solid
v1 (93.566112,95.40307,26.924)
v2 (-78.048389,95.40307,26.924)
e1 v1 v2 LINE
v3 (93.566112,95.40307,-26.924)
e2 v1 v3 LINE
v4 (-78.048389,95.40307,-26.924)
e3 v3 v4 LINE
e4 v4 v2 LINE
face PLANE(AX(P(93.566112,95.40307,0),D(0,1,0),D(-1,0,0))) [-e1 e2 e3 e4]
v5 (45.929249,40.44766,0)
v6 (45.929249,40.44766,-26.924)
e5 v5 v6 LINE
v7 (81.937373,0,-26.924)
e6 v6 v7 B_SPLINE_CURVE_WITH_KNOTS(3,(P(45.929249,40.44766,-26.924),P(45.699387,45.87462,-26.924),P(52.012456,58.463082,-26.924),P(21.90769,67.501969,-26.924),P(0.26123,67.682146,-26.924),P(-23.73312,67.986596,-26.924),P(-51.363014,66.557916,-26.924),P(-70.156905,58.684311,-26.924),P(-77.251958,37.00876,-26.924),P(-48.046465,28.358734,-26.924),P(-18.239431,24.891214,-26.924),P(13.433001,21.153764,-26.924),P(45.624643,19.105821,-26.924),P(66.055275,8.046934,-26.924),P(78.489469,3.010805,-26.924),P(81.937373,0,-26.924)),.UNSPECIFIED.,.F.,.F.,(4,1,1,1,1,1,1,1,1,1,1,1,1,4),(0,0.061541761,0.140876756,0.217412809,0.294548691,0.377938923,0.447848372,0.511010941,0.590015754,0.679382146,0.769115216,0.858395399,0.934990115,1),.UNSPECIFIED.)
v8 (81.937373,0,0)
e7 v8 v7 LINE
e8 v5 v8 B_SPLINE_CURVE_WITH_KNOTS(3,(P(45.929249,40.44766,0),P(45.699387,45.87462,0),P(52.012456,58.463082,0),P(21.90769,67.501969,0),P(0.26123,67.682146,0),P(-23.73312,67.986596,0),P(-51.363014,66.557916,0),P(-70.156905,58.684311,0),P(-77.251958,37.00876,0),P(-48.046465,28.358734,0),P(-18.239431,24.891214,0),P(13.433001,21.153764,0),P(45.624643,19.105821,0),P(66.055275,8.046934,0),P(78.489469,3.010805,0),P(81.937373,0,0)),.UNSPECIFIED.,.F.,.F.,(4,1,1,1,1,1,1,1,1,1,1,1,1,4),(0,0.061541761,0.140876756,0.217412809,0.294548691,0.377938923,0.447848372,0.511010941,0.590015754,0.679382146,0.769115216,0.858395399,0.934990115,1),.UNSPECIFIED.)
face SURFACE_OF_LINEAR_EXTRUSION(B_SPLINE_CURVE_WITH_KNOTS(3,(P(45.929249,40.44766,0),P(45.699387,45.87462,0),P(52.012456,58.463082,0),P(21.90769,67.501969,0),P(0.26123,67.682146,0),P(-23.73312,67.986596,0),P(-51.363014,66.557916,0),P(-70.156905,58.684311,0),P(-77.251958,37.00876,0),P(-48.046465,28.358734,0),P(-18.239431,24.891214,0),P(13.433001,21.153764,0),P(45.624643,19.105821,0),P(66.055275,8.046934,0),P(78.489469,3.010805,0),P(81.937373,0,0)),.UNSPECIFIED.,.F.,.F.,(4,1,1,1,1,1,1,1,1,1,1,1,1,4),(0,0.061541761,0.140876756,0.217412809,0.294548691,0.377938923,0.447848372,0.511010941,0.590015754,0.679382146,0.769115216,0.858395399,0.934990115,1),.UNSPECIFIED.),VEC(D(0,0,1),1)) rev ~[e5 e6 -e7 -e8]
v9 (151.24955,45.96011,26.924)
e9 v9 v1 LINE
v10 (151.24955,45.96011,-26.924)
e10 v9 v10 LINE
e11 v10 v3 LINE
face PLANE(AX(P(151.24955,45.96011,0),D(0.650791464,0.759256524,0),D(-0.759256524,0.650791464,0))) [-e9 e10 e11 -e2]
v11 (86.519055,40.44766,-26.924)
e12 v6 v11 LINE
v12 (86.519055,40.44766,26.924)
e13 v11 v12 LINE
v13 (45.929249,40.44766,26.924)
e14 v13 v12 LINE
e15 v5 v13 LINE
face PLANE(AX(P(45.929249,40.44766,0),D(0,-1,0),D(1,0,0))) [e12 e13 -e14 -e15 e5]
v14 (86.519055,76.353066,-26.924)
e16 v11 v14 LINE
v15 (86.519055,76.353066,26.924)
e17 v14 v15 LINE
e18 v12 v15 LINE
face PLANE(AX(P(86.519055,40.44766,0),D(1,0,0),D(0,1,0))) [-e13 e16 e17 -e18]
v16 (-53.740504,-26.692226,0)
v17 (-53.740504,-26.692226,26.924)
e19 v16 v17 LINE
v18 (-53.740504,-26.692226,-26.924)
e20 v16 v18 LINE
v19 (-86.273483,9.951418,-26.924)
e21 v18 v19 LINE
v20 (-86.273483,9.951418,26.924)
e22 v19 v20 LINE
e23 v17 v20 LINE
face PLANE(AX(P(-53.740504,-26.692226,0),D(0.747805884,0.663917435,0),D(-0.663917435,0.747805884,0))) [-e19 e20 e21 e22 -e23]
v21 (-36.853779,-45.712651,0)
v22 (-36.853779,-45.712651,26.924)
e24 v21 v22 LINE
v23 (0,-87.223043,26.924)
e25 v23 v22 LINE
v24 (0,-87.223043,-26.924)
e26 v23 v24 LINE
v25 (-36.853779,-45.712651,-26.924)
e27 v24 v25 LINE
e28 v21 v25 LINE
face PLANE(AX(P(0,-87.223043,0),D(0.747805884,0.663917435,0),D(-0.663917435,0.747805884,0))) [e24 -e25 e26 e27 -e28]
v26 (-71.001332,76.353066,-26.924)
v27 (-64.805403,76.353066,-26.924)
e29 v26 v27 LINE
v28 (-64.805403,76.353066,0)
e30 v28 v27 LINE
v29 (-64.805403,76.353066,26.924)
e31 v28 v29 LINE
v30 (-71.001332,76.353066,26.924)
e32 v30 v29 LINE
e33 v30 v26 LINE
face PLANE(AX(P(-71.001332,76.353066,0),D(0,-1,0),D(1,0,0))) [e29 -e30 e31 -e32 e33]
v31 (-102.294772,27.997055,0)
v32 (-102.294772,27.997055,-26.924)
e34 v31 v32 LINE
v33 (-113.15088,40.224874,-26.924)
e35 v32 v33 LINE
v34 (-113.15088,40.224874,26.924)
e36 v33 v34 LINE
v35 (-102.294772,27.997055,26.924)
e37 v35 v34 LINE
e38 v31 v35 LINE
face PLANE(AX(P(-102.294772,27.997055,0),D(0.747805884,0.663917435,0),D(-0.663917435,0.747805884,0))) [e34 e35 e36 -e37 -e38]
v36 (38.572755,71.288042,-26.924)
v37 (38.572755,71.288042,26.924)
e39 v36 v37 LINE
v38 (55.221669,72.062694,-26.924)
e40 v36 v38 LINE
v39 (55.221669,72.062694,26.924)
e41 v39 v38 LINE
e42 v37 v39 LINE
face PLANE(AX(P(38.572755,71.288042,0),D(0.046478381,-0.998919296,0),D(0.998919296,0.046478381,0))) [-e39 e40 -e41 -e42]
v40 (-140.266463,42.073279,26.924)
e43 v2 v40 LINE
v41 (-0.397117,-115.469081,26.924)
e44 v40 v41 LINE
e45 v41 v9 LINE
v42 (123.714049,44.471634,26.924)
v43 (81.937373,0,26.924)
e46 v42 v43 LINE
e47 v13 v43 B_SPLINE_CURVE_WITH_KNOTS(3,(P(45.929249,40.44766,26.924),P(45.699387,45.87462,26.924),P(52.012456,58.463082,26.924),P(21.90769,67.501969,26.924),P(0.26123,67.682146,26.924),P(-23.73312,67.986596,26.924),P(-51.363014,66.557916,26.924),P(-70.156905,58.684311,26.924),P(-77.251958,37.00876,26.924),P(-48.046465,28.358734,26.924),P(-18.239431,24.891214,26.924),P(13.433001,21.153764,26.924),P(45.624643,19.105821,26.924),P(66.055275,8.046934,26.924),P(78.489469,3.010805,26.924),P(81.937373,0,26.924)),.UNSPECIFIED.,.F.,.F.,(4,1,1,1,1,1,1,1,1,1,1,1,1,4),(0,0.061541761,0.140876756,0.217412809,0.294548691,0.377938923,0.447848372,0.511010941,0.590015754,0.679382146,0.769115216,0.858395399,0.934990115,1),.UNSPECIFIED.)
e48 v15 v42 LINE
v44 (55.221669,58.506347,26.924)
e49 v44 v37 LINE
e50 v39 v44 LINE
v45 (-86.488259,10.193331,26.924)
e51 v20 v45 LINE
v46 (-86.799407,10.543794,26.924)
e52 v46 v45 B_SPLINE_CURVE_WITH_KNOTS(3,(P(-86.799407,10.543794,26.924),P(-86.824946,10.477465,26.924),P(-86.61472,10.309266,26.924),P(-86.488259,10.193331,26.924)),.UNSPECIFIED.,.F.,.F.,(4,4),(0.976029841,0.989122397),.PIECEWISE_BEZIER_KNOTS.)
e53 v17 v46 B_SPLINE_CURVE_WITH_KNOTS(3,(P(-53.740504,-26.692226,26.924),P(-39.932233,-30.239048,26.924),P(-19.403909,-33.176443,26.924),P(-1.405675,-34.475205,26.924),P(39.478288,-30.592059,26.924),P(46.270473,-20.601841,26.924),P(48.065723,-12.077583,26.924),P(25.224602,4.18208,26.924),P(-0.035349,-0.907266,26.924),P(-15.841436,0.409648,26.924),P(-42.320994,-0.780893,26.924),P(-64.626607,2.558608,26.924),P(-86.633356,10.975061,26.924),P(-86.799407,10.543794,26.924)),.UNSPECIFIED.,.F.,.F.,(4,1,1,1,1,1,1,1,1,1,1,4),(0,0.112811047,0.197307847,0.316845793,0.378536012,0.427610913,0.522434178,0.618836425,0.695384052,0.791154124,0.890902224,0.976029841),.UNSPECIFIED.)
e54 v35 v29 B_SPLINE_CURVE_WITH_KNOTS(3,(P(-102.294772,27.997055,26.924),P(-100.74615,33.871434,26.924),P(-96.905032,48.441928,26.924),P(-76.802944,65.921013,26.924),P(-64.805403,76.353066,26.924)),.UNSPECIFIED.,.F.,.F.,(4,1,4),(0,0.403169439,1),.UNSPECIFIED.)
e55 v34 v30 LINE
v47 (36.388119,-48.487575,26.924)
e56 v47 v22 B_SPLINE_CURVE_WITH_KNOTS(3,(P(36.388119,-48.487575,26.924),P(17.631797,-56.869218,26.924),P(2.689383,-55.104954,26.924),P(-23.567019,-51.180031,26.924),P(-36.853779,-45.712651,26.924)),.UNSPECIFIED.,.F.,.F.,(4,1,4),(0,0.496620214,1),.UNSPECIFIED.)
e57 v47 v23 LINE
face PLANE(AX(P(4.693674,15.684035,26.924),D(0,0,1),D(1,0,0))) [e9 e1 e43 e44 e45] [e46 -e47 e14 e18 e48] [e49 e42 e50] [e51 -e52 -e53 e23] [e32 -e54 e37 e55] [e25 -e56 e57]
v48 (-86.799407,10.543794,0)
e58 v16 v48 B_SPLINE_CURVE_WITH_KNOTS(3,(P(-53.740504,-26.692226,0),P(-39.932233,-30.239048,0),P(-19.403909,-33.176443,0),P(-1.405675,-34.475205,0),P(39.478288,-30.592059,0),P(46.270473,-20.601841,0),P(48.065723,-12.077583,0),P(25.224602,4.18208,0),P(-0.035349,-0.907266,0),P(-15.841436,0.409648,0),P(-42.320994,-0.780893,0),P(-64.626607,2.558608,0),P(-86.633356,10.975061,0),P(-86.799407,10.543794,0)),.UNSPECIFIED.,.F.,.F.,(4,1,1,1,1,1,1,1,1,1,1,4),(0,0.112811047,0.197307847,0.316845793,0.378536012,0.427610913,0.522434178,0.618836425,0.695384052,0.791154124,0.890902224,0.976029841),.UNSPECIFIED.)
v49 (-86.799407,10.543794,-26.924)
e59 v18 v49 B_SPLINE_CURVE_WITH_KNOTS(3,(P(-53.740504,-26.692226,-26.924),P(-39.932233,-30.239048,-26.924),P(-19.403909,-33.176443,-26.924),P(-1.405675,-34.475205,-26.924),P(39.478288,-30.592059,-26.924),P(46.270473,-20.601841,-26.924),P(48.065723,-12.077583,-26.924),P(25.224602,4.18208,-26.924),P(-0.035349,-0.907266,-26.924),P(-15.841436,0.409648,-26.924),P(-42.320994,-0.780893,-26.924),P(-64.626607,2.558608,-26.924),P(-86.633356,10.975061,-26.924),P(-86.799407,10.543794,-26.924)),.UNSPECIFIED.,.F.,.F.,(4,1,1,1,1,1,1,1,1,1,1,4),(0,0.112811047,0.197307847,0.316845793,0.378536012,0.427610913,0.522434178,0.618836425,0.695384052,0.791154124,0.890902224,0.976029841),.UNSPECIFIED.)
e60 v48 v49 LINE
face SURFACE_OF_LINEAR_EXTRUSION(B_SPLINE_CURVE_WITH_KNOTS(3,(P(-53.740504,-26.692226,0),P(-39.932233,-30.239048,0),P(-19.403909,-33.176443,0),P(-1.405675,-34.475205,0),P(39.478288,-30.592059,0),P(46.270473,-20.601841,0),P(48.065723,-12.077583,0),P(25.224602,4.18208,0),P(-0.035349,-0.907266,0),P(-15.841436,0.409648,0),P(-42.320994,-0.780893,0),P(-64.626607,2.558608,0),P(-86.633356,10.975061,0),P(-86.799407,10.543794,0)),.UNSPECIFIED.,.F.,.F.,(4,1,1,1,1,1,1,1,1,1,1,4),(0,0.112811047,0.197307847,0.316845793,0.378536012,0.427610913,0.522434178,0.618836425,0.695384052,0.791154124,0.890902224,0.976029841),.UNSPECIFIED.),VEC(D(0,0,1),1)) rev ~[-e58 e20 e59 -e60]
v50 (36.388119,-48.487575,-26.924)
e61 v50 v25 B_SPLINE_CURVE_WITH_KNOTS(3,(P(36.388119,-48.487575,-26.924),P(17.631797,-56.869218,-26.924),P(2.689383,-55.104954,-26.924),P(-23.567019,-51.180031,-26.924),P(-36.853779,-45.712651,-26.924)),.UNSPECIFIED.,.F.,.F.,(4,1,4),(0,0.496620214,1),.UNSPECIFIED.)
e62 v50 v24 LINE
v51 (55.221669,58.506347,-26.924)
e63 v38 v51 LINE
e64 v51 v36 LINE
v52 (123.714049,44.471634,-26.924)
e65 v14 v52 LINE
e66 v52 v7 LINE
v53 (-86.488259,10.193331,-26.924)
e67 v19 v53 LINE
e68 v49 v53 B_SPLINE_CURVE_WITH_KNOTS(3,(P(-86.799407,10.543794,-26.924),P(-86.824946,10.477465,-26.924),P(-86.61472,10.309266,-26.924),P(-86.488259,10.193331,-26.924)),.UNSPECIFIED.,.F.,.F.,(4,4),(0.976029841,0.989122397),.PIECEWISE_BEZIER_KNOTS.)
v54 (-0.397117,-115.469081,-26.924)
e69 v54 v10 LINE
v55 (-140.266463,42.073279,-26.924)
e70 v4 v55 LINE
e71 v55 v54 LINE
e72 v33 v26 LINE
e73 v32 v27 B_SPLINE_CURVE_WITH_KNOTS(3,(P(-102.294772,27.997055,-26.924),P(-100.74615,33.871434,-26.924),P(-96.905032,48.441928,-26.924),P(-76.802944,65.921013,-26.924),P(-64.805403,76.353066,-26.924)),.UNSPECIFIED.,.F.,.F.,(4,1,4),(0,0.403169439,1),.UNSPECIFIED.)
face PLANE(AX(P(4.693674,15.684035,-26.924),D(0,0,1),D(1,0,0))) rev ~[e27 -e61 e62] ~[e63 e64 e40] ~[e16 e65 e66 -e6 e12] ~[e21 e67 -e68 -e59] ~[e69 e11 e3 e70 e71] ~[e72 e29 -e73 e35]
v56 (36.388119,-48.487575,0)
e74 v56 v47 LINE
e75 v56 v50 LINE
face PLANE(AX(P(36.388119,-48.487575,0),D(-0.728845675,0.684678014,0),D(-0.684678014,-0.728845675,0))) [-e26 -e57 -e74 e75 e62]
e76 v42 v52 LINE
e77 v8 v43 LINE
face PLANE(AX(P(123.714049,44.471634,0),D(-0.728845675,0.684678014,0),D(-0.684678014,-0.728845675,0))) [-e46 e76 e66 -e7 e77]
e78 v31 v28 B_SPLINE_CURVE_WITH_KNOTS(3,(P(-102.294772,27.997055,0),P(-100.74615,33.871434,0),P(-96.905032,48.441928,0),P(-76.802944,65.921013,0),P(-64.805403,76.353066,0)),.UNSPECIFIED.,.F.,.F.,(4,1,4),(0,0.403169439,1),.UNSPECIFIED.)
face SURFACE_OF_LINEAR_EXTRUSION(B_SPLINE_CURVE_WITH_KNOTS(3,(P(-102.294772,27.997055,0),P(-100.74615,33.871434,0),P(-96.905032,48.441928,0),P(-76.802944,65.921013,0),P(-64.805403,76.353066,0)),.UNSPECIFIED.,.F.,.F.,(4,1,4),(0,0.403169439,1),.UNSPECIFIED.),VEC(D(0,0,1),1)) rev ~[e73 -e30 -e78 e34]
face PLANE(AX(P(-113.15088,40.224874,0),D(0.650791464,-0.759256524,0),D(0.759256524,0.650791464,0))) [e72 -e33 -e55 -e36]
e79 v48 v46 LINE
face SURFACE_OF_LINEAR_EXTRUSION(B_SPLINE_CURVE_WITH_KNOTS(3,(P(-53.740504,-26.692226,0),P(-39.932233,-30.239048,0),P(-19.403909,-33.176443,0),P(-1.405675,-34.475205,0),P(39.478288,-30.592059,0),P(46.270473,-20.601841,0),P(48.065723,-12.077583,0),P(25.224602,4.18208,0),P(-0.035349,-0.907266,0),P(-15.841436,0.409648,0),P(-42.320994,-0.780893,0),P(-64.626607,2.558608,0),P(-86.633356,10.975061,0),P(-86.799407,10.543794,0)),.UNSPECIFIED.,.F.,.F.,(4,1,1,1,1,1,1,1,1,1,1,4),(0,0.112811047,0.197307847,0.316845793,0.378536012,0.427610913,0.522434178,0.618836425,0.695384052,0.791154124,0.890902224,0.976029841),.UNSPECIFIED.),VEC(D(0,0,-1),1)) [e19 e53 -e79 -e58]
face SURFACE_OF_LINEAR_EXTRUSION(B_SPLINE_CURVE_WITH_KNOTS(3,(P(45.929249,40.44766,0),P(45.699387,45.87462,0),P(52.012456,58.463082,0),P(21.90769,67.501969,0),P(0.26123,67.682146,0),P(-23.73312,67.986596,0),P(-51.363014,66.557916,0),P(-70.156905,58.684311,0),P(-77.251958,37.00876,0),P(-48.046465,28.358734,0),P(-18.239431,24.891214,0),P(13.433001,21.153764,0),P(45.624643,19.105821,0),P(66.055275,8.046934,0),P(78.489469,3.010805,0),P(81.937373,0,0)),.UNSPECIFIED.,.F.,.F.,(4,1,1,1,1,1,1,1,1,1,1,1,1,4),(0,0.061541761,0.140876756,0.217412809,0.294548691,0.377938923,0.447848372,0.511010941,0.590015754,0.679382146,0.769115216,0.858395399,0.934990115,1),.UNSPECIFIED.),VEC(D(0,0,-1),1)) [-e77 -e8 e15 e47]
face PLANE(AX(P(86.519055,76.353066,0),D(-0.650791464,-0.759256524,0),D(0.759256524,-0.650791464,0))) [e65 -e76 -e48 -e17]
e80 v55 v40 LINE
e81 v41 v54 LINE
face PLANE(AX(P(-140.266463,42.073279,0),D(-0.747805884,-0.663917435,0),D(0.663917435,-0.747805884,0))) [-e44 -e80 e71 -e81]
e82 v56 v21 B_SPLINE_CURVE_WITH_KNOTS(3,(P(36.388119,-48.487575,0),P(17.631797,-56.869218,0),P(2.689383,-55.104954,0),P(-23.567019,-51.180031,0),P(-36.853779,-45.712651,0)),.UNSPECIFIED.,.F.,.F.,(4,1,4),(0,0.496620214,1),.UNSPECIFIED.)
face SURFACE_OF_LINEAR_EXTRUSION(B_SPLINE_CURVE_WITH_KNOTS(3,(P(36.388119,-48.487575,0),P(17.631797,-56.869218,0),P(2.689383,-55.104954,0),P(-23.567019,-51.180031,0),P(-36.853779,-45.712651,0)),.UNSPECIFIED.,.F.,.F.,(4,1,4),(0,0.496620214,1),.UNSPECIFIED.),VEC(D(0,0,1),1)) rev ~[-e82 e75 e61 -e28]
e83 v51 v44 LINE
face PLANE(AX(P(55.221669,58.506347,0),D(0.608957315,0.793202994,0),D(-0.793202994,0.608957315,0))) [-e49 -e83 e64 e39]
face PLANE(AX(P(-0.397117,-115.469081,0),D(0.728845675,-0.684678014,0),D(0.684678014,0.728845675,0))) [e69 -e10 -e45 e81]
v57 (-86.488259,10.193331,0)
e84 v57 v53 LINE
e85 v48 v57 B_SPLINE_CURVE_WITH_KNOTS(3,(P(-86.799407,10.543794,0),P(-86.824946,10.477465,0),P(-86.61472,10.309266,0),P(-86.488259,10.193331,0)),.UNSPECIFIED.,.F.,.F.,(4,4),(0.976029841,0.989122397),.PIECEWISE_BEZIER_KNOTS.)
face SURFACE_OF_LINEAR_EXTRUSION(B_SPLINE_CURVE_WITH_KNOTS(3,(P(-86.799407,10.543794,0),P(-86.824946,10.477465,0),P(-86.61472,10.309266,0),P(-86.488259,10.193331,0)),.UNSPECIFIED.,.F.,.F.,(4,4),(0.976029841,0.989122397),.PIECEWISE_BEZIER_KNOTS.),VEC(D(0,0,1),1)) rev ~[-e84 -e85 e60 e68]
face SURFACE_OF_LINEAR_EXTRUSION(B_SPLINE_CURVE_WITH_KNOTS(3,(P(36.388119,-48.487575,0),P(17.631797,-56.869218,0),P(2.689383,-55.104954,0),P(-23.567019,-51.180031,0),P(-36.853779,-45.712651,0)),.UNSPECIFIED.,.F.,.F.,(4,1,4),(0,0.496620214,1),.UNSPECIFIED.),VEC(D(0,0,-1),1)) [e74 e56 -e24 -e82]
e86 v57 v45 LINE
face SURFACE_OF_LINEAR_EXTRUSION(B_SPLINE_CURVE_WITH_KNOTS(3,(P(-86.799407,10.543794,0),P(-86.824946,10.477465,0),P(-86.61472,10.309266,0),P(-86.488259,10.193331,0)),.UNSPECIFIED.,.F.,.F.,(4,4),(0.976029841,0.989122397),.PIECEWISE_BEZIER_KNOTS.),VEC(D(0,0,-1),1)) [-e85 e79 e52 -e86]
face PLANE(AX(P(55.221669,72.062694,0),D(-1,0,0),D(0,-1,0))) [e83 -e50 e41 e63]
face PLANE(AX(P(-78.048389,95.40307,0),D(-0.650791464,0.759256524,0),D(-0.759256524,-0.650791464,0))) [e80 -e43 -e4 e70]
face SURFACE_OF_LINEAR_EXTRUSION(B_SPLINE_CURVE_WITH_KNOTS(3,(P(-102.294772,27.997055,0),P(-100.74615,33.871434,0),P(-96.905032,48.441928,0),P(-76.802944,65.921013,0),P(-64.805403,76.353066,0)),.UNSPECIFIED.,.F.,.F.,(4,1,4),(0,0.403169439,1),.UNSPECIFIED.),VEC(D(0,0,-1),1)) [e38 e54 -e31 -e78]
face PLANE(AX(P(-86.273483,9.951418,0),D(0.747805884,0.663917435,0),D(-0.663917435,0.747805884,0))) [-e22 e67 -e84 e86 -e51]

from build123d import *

# Parameters (mm, degrees)
F1_DEPTH = 26.924


with BuildPart() as f1:
    # F0 (on Top) → F1 (new body, symmetric)
    with BuildSketch(Plane.XY):
        Polygon((93.5661115235, 95.4030697423), (0, 95.4030697423), (-78.0483888792, 95.4030697423), (-140.2664630047, 42.0732789978), (-0.3971174562, -115.4690810949), (151.2495504538, 45.960110107), align=None)
        with BuildLine():
            Line((-64.8054033518, 76.3530656695), (0, 76.3530656695))
            Line((0, 76.3530656695), (86.5190550685, 76.3530656695))
            Line((86.5190550685, 76.3530656695), (123.7140494495, 44.4716341891))
            Line((123.7140494495, 44.4716341891), (81.9373726845, 0))
            Line((81.9373726845, 0), (36.3881188441, -48.487575155))
            Line((36.3881188441, -48.487575155), (0, -87.2230427741))
            Line((0, -87.2230427741), (-36.8537793952, -45.7126506186))
            Line((-36.8537793952, -45.7126506186), (-53.7405035993, -26.6922257005))
            Line((-53.7405035993, -26.6922257005), (-86.273483241, 9.9514175045))
            Line((-86.273483241, 9.9514175045), (-86.4882588998, 10.1933308705))
            add(Edge.make_bspline(
                [(-86.7994072909, 10.5437940236), (-86.8249457999, 10.4774654613), (-86.6147196159, 10.3092655268), (-86.4882588998, 10.1933308705)],
                knots=[0.9760298412, 0.9760298412, 0.9760298412, 0.9760298412, 0.9891223973, 0.9891223973, 0.9891223973, 0.9891223973], degree=3))
            Line((-86.7994072908, 10.5437940236), (-102.2947715083, 27.9970554209))
            Line((-102.2947715083, 27.9970554209), (-113.1508797407, 40.224873501))
            Line((-113.1508797407, 40.224873501), (-71.0013324242, 76.3530656695))
            Line((-71.0013324242, 76.3530656695), (-64.8054033518, 76.3530656695))
        make_face(mode=Mode.SUBTRACT)
        with BuildLine():
            Line((86.5190550685, 76.3530656695), (0, 76.3530656695))
            Line((0, 76.3530656695), (-64.8054033518, 76.3530656695))
            add(Edge.make_bspline(
                [(-102.2947715083, 27.9970554209), (-100.7461500566, 33.8714335608), (-96.9050318976, 48.4419281899), (-76.8029438477, 65.9210134195), (-64.8054033518, 76.3530656695)],
                knots=[0, 0, 0, 0, 0.4031694386, 1, 1, 1, 1], degree=3))
            Line((-102.2947715083, 27.9970554209), (-86.7994072908, 10.5437940236))
            add(Edge.make_bspline(
                [(-53.7405035993, -26.6922257005), (-39.9322328117, -30.239048073), (-19.403909464, -33.1764431283), (-1.4056747967, -34.4752054886), (39.4782880375, -30.5920588495), (46.2704728337, -20.6018408829), (48.0657227174, -12.0775825028), (25.2246018528, 4.1820802156), (-0.0353486561, -0.9072663322), (-15.8414362299, 0.4096484474), (-42.3209937207, -0.780893259), (-64.6266067929, 2.5586075813), (-86.6333562607, 10.9750614114), (-86.7994072909, 10.5437940236)],
                knots=[0, 0, 0, 0, 0.1128110471, 0.1973078472, 0.3168457933, 0.3785360119, 0.4276109134, 0.522434178, 0.6188364248, 0.6953840518, 0.7911541238, 0.8909022242, 0.9760298412, 0.9760298412, 0.9760298412, 0.9760298412], degree=3))
            Line((-53.7405035993, -26.6922257005), (-36.8537793952, -45.7126506186))
            add(Edge.make_bspline(
                [(36.3881188441, -48.487575155), (17.6317972727, -56.8692183251), (2.6893829028, -55.1049540138), (-23.5670188679, -51.1800306581), (-36.8537793952, -45.7126506186)],
                knots=[0, 0, 0, 0, 0.4966202139, 1, 1, 1, 1], degree=3))
            Line((36.3881188441, -48.487575155), (81.9373726845, 0))
            add(Edge.make_bspline(
                [(45.9292493761, 40.4476597905), (45.6993870129, 45.8746200721), (52.0124555855, 58.4630819682), (21.9076895291, 67.5019694716), (0.2612297538, 67.6821463856), (-23.7331203906, 67.9865961046), (-51.3630141121, 66.5579155458), (-70.1569045338, 58.6843109102), (-77.2519579015, 37.0087601682), (-48.0464652316, 28.3587342243), (-18.2394309053, 24.8912137289), (13.4330012841, 21.1537638514), (45.624643393, 19.1058207684), (66.0552753624, 8.0469339603), (78.4894690764, 3.0108046907), (81.9373726845, 0)],
                knots=[0, 0, 0, 0, 0.0615417609, 0.1408767563, 0.2174128092, 0.2945486914, 0.3779389231, 0.4478483721, 0.5110109408, 0.590015754, 0.6793821461, 0.7691152163, 0.8583953992, 0.9349901149, 1, 1, 1, 1], degree=3))
            Line((45.9292493761, 40.4476597905), (86.5190550685, 40.4476597905))
            Line((86.5190550685, 40.4476597905), (86.5190550685, 76.3530656695))
        make_face()
        Polygon((55.2216693759, 58.506347239), (38.5727547109, 71.2880417705), (55.2216693759, 72.0626935363), (55.2216693759, 65.2845203876), align=None, mode=Mode.SUBTRACT)
    extrude(amount=F1_DEPTH, both=True)


solid = f1.part
